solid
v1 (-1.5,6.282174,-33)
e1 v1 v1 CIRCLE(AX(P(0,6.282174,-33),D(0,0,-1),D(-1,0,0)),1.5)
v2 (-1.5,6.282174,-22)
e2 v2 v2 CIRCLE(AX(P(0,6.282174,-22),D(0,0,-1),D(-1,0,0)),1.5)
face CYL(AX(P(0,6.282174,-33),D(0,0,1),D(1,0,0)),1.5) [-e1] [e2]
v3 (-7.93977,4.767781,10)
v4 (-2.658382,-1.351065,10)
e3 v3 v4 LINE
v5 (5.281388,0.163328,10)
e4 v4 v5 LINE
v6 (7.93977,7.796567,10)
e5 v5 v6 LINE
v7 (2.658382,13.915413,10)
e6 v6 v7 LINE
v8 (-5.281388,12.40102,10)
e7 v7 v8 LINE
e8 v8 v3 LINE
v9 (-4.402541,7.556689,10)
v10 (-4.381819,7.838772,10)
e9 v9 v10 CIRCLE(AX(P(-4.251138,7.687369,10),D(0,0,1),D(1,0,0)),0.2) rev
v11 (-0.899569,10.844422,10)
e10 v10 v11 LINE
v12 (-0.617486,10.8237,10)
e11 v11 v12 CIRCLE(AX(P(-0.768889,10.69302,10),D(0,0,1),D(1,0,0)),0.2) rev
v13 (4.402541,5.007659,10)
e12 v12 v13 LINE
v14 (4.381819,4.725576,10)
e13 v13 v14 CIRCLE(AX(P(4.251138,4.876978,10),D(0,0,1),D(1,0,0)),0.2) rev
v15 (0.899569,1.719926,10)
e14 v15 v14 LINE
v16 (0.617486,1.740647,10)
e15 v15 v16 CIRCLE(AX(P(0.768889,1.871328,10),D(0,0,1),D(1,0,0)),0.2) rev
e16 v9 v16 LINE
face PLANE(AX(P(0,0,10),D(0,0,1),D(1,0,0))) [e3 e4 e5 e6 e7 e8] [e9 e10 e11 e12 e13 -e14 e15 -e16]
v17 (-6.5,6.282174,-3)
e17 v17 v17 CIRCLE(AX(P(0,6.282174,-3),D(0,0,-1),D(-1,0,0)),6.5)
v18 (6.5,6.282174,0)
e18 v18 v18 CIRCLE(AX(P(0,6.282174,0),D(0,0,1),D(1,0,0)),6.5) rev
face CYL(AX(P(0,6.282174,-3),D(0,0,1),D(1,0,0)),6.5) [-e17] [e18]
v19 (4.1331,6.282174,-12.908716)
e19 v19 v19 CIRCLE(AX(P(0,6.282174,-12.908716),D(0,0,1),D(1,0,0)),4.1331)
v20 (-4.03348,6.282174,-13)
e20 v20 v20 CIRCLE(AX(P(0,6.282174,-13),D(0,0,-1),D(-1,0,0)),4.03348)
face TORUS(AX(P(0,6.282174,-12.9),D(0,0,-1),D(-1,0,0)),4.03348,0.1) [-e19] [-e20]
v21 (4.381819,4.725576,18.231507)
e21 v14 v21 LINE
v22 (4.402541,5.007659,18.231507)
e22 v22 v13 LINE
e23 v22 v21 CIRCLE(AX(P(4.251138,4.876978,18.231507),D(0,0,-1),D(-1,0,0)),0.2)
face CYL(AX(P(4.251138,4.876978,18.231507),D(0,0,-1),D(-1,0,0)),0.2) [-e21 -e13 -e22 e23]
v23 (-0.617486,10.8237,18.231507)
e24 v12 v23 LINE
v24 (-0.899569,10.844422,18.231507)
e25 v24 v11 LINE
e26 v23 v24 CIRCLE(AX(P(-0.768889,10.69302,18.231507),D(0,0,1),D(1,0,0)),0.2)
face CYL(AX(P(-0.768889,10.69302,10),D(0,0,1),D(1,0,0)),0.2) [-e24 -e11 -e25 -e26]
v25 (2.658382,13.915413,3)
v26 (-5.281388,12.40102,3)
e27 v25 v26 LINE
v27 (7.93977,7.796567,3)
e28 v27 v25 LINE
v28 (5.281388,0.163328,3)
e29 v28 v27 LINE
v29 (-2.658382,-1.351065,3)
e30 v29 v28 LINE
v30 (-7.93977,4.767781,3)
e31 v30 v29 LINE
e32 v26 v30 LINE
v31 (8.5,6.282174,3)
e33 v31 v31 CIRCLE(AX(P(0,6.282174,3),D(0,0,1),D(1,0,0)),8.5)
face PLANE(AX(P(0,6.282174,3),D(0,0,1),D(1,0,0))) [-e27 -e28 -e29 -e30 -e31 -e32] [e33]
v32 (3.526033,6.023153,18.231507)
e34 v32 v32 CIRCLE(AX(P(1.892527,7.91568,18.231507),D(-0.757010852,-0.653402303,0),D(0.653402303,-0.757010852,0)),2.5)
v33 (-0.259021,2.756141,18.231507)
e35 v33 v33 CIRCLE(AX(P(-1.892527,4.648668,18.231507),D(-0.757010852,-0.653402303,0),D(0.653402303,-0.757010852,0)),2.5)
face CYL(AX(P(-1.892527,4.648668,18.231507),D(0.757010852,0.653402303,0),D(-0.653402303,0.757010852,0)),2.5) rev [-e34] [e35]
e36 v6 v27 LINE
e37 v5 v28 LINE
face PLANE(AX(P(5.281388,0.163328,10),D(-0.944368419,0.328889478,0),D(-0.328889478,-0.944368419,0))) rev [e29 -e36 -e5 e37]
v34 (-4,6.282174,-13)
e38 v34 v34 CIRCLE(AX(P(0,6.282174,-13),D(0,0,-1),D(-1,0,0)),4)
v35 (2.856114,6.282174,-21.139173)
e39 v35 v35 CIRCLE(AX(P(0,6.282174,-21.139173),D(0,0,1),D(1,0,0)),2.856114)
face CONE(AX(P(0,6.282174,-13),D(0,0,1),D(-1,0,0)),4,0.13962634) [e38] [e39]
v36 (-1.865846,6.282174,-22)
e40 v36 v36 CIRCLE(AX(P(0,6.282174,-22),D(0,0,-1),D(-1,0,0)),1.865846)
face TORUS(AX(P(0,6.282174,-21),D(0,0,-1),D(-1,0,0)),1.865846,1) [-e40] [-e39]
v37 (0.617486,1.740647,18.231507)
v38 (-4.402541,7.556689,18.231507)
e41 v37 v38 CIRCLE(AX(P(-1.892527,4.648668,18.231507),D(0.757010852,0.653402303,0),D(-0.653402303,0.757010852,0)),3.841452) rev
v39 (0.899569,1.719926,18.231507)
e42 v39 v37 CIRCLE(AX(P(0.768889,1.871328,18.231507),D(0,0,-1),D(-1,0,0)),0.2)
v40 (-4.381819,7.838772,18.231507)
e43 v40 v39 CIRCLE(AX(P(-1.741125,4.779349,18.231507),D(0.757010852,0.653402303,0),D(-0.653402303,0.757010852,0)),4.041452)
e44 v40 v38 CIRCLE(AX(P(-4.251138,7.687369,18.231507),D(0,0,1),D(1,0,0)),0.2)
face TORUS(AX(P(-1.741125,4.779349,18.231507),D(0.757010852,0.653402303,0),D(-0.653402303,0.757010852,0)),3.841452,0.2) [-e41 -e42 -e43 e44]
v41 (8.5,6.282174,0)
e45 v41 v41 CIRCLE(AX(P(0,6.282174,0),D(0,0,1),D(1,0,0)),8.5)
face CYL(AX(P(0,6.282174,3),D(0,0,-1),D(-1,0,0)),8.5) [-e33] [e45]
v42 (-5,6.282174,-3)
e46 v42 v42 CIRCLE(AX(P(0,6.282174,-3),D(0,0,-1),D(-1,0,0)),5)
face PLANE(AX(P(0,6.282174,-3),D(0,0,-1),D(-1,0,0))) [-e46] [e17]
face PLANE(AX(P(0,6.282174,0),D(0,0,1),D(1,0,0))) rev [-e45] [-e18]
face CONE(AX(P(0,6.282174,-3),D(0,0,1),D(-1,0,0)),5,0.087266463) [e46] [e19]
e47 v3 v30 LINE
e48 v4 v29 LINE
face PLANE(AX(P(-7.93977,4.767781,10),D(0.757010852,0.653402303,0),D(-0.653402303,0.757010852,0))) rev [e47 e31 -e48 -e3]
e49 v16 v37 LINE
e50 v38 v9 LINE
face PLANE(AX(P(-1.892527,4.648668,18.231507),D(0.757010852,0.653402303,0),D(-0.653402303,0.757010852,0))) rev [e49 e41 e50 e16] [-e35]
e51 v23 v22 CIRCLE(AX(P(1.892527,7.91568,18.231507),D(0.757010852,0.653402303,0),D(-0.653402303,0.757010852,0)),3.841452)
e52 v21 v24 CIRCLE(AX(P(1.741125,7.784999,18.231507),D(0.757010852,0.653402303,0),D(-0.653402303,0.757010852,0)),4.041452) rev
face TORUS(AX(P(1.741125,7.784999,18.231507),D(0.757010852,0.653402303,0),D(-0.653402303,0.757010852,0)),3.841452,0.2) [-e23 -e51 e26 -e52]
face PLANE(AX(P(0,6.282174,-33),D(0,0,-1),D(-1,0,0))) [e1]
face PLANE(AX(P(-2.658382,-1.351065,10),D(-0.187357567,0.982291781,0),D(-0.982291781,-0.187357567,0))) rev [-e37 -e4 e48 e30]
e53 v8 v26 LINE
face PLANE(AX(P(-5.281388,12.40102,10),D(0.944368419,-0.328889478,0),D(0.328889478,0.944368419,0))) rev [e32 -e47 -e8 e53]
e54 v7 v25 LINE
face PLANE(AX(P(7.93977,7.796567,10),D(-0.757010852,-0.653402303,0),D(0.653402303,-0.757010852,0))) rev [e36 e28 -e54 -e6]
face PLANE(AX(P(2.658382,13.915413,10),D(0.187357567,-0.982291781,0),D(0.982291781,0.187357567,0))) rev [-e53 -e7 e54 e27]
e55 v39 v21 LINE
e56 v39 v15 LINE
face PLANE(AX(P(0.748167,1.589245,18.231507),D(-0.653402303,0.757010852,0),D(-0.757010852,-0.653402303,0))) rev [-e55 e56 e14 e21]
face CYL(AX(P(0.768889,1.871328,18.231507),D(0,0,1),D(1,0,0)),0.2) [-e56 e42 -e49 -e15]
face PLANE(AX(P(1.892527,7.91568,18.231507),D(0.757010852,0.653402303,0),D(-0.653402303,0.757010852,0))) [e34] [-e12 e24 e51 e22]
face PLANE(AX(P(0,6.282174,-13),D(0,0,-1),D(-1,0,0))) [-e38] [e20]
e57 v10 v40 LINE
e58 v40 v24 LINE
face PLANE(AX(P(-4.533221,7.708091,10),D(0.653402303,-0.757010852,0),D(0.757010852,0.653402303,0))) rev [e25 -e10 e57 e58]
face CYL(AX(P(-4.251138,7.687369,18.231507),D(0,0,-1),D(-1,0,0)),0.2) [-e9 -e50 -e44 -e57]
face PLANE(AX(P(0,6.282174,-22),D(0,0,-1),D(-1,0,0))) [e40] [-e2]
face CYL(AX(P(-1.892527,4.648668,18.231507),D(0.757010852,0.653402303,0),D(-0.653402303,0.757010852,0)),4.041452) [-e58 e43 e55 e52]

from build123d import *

# Parameters (mm, degrees)
SKETCH_1_R      = 8.5
EXTRUDE_1_DEPTH = 3
EXTRUDE_2_DEPTH = 7
SKETCH_3_R      = 6.5
EXTRUDE_3_DEPTH = 3
SKETCH_4_R      = 5
EXTRUDE_4_DEPTH = 10
EXTRUDE_4_TAPER = 5
SKETCH_5_R      = 4
EXTRUDE_5_DEPTH = 9
EXTRUDE_5_TAPER = 8
FILLET_1_R      = 0.1
FILLET_2_R      = 1
SKETCH_7_R      = 2.5
EXTRUDE_6_DEPTH = 2.5
FILLET_3_R      = 0.2
SKETCH_8_R      = 1.5
EXTRUDE_7_DEPTH = 11


with BuildPart() as part:
    # 草图1 → 凸台-拉伸1 (new body)
    with BuildSketch(Plane.XY):
        with Locations((0, 6.282173928)):
            Circle(SKETCH_1_R)
    extrude(amount=EXTRUDE_1_DEPTH)

    # 草图2 → 凸台-拉伸2 (add)
    with BuildSketch(Plane.XY.offset(3)):
        Polygon((5.281387937, 0.163328057), (7.939769935, 7.796567113), (2.658381997, 13.915412984), (-5.281387937, 12.401019799), (-7.939769935, 4.767780743), (-2.658381997, -1.351065128), align=None)
    extrude(amount=EXTRUDE_2_DEPTH)

    # 草图3 → 凸台-拉伸3 (add)
    with BuildSketch(Plane(origin=(0, 0, 0), x_dir=(-1, 0, 0), z_dir=(0, 0, -1))):
        with Locations(Location((0, 6.282173928, 0), (0, 0, 180))):
            Circle(SKETCH_3_R)
    extrude(amount=EXTRUDE_3_DEPTH)

    # 草图4 → 凸台-拉伸4 (add)
    with BuildSketch(Plane(origin=(0, 0, -3), x_dir=(-1, 0, 0), z_dir=(0, 0, -1))):
        with Locations((0, 6.282173928)):
            Circle(SKETCH_4_R)
    extrude(amount=EXTRUDE_4_DEPTH, taper=EXTRUDE_4_TAPER)

    # 草图5 → 凸台-拉伸5 (add)
    with BuildSketch(Plane(origin=(0, 0, -13), x_dir=(-1, 0, 0), z_dir=(0, 0, -1))):
        with Locations((0, 6.282173928)):
            Circle(SKETCH_5_R)
    extrude(amount=EXTRUDE_5_DEPTH, taper=EXTRUDE_5_TAPER)

    # 圆角1
    fillet_1_edges = [part.edges().sort_by_distance(p)[0] for p in [
        (4.125113365, 6.282173928, -13),
    ]]
    fillet(fillet_1_edges, radius=FILLET_1_R)

    # 圆角2
    fillet_2_edges = [part.edges().sort_by_distance(p)[0] for p in [
        (2.735132488, 6.282173928, -22),
    ]]
    fillet(fillet_2_edges, radius=FILLET_2_R)

    # 草图7 → 凸台-拉伸6 (add, symmetric)
    with BuildSketch(Plane(origin=(3.107368239, 2.682077222, 0), x_dir=(0, 0, 1), z_dir=(-0.7570108522857268, -0.6534023029662793, 0))):
        with BuildLine():
            Line((10, 8.797125724), (18.23150741, 8.797125724))
            ThreePointArc((18.23150741, 8.797125724), (22.272959294, 4.755673839), (18.23150741, 0.714221955))
            Line((18.23150741, 0.714221955), (10, 0.714221955))
            Line((10, 0.714221955), (10, 8.797125724))
        make_face()
        with Locations(Location((18.23150741, 4.755673839, 0), (0, 0, 270))):
            Circle(SKETCH_7_R, mode=Mode.SUBTRACT)
    extrude(amount=EXTRUDE_6_DEPTH, both=True)

    # 圆角3
    fillet_3_edges = [part.edges().sort_by_distance(p)[0] for p in [
        (0.748166838, 1.589245235, 14.115753705),
        (-1.892527131, 4.648668171, 22.272959294),
        (-4.533221099, 7.708091106, 14.115753705),
        (4.533221099, 4.85625675, 14.115753705),
        (1.892527131, 7.915679685, 22.272959294),
        (-0.748166838, 10.975102621, 14.115753705),
    ]]
    fillet(fillet_3_edges, radius=FILLET_3_R)

    # 草图8 → 凸台-拉伸7 (add)
    with BuildSketch(Plane(origin=(0, 0, -22), x_dir=(-1, 0, 0), z_dir=(0, 0, -1))):
        with Locations((0, 6.282173928)):
            Circle(SKETCH_8_R)
    extrude(amount=EXTRUDE_7_DEPTH)


solid = part.part
